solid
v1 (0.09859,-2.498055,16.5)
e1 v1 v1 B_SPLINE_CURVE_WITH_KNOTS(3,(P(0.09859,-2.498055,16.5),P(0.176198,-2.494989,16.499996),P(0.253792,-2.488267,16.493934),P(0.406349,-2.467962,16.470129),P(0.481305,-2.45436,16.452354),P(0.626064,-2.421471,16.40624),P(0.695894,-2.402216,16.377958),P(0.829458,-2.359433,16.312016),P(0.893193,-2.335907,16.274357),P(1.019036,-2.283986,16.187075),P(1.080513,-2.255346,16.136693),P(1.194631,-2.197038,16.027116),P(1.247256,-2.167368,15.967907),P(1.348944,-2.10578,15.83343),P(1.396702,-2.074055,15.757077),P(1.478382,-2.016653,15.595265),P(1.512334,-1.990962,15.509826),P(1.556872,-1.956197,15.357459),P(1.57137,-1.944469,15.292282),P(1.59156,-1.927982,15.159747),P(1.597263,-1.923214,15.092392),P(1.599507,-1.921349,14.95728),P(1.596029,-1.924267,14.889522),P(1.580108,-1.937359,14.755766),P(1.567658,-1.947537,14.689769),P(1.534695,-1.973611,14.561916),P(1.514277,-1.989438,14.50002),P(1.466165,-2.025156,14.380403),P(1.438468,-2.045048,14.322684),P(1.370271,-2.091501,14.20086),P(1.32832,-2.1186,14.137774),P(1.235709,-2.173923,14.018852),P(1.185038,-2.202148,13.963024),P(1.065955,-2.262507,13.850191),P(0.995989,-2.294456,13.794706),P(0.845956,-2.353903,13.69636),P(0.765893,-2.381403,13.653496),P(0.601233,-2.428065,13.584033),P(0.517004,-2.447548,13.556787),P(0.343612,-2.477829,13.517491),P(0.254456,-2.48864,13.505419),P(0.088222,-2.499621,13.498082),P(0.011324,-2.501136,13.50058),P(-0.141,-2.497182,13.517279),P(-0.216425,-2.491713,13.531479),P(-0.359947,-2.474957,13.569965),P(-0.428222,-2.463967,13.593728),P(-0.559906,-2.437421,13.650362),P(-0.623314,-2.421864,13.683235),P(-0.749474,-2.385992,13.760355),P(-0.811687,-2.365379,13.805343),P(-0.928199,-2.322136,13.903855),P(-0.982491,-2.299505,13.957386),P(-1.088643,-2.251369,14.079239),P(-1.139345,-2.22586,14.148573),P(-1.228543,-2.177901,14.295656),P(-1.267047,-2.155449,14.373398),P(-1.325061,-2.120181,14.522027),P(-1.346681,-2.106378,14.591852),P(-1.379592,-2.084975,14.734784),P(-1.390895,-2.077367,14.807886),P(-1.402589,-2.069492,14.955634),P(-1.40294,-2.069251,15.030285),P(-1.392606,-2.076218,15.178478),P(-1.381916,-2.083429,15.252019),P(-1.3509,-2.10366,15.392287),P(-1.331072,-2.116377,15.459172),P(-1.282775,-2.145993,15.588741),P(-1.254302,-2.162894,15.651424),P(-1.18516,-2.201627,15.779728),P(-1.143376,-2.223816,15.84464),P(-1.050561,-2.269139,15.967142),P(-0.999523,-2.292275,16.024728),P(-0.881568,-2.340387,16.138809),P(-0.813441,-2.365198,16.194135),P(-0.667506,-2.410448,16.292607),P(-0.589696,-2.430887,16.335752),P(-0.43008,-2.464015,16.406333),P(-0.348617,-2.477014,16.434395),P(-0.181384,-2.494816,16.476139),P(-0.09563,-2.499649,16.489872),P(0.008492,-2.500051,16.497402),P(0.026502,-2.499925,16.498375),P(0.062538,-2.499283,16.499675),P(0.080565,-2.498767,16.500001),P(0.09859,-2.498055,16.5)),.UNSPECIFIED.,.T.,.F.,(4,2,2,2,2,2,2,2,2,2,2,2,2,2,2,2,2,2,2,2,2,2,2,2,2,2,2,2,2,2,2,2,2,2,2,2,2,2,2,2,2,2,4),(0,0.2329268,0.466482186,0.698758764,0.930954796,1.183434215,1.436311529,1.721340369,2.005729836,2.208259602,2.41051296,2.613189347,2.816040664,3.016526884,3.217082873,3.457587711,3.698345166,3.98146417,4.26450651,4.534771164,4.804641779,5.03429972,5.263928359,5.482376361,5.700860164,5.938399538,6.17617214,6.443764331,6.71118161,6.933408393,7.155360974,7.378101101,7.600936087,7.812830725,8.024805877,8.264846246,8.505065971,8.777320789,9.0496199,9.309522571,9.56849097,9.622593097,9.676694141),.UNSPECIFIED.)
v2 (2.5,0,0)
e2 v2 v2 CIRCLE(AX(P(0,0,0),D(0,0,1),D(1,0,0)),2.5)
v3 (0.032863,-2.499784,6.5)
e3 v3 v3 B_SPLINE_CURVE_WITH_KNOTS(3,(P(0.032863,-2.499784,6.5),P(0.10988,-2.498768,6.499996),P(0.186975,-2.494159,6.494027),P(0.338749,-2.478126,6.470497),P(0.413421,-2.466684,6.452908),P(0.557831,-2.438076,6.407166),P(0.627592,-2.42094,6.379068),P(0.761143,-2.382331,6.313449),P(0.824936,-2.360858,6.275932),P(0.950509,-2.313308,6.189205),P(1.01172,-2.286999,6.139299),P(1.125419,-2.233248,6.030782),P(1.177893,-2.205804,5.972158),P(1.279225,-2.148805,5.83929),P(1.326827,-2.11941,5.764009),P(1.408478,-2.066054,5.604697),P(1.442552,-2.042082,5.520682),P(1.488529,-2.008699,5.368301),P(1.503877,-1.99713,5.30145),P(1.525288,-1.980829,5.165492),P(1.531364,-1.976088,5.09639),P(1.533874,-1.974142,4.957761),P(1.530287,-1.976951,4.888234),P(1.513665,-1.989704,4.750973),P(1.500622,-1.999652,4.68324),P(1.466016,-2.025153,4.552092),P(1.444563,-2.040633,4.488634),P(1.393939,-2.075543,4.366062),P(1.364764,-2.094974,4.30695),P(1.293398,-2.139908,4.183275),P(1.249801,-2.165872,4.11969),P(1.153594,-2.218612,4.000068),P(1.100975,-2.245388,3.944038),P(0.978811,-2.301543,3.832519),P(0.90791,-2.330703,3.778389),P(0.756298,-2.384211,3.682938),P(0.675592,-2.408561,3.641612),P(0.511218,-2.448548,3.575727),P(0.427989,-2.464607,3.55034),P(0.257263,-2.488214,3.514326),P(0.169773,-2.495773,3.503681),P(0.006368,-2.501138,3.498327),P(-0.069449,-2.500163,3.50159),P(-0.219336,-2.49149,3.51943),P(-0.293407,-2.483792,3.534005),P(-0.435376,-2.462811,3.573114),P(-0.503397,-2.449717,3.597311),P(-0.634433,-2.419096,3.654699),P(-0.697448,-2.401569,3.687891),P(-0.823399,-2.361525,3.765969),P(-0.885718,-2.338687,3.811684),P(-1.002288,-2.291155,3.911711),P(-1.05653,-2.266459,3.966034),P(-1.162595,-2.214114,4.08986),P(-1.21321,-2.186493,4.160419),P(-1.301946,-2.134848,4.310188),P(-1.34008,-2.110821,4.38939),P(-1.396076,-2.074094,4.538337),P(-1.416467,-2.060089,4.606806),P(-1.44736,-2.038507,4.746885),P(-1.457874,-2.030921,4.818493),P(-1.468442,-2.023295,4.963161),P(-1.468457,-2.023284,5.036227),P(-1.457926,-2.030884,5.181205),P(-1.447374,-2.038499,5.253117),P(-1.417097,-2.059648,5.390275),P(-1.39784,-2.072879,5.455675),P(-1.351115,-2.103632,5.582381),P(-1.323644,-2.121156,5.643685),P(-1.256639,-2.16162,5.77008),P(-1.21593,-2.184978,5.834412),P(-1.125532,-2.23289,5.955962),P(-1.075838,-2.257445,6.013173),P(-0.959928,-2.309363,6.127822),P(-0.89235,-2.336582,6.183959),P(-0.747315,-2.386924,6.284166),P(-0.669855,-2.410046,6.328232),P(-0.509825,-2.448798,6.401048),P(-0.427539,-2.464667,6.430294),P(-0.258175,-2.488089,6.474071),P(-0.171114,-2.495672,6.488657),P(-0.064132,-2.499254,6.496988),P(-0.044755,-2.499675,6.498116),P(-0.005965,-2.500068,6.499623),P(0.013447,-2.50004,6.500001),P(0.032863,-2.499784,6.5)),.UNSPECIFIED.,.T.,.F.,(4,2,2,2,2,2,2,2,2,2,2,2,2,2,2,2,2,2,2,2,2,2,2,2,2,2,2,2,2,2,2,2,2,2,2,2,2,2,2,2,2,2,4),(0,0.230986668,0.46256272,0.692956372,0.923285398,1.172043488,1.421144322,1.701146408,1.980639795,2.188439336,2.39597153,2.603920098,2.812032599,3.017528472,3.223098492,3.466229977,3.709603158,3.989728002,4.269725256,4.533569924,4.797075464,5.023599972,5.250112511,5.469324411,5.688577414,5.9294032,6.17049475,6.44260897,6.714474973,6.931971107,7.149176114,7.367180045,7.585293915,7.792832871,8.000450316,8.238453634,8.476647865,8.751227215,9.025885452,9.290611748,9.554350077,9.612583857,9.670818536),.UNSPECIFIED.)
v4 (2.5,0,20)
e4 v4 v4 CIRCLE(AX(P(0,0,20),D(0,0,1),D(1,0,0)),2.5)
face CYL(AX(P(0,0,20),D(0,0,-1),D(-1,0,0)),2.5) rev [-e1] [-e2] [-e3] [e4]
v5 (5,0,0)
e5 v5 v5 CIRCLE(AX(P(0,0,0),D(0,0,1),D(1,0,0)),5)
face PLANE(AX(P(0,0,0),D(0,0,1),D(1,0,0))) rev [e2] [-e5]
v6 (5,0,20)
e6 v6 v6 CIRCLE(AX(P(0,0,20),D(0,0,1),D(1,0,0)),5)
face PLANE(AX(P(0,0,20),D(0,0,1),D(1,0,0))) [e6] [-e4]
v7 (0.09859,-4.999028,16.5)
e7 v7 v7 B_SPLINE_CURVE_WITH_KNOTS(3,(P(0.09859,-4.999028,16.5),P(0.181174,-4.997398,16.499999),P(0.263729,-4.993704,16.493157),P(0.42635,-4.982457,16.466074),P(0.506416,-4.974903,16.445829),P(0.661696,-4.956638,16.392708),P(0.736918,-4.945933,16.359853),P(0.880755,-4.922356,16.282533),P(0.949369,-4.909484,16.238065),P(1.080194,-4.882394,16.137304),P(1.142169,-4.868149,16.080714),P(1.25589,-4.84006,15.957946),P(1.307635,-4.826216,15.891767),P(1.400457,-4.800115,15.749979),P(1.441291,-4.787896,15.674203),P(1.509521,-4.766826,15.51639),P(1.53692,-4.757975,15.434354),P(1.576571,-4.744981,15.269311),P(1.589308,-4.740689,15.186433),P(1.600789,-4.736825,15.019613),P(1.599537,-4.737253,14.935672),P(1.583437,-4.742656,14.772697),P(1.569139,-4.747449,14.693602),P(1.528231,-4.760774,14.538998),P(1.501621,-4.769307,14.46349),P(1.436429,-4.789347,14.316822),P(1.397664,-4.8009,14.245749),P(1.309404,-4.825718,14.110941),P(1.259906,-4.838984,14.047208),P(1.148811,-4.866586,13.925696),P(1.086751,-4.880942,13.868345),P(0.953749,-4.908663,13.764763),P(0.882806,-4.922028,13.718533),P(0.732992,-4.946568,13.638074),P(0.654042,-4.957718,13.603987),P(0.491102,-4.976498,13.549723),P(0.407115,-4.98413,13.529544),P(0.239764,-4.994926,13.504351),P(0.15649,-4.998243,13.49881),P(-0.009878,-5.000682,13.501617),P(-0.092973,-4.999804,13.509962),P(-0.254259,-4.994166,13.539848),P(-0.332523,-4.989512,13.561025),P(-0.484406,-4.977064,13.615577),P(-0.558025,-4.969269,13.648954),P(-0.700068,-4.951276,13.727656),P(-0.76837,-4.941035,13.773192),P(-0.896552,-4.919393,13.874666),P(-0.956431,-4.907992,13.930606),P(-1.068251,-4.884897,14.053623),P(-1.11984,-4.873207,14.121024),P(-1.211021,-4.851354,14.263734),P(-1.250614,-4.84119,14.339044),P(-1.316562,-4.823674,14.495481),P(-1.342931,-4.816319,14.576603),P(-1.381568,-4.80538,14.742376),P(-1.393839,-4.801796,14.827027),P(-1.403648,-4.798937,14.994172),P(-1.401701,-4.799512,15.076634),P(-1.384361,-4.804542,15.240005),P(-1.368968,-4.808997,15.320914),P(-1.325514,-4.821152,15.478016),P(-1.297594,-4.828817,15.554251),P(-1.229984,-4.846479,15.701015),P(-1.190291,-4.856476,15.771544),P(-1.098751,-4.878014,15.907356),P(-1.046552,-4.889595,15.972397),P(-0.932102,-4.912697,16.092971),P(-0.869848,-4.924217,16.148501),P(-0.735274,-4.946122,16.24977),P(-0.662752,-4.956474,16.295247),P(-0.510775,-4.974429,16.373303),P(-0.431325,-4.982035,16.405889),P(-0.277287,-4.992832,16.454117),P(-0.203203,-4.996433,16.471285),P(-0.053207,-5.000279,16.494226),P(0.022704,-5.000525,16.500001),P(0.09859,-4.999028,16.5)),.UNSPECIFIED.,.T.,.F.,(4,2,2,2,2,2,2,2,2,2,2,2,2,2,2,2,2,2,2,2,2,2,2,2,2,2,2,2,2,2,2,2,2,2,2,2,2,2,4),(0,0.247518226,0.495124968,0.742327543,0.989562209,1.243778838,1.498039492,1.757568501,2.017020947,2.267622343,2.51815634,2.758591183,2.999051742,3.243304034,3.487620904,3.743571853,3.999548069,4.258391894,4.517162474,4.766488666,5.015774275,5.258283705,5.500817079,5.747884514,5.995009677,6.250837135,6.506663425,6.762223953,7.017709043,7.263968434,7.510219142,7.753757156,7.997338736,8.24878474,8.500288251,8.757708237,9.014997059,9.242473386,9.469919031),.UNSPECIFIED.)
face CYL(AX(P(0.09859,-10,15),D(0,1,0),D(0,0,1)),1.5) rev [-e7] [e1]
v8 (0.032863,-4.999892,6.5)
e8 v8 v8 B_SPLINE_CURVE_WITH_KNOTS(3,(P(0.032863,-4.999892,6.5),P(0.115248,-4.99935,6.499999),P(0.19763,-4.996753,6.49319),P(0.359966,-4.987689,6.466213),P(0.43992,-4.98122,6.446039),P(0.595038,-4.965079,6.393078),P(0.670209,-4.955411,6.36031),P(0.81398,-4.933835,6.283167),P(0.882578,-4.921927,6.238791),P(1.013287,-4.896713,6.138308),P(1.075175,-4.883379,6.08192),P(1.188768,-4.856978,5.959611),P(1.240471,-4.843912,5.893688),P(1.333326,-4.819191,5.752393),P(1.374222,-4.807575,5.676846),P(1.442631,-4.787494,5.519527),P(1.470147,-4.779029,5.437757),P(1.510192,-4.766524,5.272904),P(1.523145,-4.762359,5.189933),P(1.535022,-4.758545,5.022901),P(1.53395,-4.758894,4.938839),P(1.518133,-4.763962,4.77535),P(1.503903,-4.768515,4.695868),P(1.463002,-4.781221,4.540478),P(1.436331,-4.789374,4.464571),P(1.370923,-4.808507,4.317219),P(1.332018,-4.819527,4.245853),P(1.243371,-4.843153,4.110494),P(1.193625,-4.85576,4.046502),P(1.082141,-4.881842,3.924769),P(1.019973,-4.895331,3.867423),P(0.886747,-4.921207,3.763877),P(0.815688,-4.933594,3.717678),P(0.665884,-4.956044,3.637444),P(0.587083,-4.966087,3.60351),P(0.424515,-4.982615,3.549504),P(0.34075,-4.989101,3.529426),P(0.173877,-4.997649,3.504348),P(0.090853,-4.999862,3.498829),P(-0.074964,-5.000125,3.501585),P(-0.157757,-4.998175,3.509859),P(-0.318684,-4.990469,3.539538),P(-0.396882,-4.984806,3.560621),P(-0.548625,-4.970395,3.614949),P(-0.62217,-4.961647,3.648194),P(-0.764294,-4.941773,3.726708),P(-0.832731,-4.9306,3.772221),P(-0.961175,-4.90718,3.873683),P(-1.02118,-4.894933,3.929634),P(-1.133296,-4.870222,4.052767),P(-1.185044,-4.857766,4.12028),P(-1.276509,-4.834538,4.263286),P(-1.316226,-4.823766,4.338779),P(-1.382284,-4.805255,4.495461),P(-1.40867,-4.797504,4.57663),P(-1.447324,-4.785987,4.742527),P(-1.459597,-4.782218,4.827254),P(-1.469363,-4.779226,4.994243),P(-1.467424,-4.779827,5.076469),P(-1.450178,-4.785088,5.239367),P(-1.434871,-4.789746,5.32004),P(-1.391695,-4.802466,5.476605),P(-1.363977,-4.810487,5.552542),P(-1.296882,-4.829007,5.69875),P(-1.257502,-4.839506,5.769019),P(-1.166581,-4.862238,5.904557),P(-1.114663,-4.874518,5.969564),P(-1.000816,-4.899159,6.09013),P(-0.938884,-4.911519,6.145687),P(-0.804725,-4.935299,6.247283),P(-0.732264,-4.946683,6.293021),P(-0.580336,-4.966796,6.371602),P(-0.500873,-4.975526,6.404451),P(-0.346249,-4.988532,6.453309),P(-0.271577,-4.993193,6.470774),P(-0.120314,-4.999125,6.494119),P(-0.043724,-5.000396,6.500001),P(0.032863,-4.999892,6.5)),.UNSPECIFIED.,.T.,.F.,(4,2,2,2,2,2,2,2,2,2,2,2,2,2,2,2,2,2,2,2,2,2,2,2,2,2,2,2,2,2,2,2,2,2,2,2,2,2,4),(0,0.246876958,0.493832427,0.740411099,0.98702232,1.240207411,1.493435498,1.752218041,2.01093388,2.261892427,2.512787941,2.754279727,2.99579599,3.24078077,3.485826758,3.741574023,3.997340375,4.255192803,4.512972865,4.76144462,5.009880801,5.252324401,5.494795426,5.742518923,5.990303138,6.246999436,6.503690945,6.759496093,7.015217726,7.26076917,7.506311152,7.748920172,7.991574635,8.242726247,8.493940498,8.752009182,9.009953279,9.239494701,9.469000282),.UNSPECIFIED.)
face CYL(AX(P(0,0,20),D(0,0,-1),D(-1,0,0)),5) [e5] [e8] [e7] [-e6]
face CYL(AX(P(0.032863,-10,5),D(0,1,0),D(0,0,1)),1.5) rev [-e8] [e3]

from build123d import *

# Parameters (mm, degrees)
SKETCH1_R           = 5
SKETCH1_R_2         = 2.5
BOSS_EXTRUDE1_DEPTH = 20
SKETCH2_R           = 1.5
CUT_EXTRUDE1_DEPTH  = 10


with BuildPart() as part:
    # Sketch1 → Boss-Extrude1 (new body)
    with BuildSketch(Plane.XY):
        Circle(SKETCH1_R)
        Circle(SKETCH1_R_2, mode=Mode.SUBTRACT)
    extrude(amount=BOSS_EXTRUDE1_DEPTH)

    # Sketch2 → Cut-Extrude1 (cut)
    with BuildSketch(Plane(origin=(0, 0, 0), x_dir=(1, 0, 0), z_dir=(0, 1, 0))):
        with Locations((0.032863465, -5)):
            Circle(SKETCH2_R)
        with Locations((0.098590396, -15)):
            Circle(SKETCH2_R)
    extrude(amount=-CUT_EXTRUDE1_DEPTH, mode=Mode.SUBTRACT)


solid = part.part
